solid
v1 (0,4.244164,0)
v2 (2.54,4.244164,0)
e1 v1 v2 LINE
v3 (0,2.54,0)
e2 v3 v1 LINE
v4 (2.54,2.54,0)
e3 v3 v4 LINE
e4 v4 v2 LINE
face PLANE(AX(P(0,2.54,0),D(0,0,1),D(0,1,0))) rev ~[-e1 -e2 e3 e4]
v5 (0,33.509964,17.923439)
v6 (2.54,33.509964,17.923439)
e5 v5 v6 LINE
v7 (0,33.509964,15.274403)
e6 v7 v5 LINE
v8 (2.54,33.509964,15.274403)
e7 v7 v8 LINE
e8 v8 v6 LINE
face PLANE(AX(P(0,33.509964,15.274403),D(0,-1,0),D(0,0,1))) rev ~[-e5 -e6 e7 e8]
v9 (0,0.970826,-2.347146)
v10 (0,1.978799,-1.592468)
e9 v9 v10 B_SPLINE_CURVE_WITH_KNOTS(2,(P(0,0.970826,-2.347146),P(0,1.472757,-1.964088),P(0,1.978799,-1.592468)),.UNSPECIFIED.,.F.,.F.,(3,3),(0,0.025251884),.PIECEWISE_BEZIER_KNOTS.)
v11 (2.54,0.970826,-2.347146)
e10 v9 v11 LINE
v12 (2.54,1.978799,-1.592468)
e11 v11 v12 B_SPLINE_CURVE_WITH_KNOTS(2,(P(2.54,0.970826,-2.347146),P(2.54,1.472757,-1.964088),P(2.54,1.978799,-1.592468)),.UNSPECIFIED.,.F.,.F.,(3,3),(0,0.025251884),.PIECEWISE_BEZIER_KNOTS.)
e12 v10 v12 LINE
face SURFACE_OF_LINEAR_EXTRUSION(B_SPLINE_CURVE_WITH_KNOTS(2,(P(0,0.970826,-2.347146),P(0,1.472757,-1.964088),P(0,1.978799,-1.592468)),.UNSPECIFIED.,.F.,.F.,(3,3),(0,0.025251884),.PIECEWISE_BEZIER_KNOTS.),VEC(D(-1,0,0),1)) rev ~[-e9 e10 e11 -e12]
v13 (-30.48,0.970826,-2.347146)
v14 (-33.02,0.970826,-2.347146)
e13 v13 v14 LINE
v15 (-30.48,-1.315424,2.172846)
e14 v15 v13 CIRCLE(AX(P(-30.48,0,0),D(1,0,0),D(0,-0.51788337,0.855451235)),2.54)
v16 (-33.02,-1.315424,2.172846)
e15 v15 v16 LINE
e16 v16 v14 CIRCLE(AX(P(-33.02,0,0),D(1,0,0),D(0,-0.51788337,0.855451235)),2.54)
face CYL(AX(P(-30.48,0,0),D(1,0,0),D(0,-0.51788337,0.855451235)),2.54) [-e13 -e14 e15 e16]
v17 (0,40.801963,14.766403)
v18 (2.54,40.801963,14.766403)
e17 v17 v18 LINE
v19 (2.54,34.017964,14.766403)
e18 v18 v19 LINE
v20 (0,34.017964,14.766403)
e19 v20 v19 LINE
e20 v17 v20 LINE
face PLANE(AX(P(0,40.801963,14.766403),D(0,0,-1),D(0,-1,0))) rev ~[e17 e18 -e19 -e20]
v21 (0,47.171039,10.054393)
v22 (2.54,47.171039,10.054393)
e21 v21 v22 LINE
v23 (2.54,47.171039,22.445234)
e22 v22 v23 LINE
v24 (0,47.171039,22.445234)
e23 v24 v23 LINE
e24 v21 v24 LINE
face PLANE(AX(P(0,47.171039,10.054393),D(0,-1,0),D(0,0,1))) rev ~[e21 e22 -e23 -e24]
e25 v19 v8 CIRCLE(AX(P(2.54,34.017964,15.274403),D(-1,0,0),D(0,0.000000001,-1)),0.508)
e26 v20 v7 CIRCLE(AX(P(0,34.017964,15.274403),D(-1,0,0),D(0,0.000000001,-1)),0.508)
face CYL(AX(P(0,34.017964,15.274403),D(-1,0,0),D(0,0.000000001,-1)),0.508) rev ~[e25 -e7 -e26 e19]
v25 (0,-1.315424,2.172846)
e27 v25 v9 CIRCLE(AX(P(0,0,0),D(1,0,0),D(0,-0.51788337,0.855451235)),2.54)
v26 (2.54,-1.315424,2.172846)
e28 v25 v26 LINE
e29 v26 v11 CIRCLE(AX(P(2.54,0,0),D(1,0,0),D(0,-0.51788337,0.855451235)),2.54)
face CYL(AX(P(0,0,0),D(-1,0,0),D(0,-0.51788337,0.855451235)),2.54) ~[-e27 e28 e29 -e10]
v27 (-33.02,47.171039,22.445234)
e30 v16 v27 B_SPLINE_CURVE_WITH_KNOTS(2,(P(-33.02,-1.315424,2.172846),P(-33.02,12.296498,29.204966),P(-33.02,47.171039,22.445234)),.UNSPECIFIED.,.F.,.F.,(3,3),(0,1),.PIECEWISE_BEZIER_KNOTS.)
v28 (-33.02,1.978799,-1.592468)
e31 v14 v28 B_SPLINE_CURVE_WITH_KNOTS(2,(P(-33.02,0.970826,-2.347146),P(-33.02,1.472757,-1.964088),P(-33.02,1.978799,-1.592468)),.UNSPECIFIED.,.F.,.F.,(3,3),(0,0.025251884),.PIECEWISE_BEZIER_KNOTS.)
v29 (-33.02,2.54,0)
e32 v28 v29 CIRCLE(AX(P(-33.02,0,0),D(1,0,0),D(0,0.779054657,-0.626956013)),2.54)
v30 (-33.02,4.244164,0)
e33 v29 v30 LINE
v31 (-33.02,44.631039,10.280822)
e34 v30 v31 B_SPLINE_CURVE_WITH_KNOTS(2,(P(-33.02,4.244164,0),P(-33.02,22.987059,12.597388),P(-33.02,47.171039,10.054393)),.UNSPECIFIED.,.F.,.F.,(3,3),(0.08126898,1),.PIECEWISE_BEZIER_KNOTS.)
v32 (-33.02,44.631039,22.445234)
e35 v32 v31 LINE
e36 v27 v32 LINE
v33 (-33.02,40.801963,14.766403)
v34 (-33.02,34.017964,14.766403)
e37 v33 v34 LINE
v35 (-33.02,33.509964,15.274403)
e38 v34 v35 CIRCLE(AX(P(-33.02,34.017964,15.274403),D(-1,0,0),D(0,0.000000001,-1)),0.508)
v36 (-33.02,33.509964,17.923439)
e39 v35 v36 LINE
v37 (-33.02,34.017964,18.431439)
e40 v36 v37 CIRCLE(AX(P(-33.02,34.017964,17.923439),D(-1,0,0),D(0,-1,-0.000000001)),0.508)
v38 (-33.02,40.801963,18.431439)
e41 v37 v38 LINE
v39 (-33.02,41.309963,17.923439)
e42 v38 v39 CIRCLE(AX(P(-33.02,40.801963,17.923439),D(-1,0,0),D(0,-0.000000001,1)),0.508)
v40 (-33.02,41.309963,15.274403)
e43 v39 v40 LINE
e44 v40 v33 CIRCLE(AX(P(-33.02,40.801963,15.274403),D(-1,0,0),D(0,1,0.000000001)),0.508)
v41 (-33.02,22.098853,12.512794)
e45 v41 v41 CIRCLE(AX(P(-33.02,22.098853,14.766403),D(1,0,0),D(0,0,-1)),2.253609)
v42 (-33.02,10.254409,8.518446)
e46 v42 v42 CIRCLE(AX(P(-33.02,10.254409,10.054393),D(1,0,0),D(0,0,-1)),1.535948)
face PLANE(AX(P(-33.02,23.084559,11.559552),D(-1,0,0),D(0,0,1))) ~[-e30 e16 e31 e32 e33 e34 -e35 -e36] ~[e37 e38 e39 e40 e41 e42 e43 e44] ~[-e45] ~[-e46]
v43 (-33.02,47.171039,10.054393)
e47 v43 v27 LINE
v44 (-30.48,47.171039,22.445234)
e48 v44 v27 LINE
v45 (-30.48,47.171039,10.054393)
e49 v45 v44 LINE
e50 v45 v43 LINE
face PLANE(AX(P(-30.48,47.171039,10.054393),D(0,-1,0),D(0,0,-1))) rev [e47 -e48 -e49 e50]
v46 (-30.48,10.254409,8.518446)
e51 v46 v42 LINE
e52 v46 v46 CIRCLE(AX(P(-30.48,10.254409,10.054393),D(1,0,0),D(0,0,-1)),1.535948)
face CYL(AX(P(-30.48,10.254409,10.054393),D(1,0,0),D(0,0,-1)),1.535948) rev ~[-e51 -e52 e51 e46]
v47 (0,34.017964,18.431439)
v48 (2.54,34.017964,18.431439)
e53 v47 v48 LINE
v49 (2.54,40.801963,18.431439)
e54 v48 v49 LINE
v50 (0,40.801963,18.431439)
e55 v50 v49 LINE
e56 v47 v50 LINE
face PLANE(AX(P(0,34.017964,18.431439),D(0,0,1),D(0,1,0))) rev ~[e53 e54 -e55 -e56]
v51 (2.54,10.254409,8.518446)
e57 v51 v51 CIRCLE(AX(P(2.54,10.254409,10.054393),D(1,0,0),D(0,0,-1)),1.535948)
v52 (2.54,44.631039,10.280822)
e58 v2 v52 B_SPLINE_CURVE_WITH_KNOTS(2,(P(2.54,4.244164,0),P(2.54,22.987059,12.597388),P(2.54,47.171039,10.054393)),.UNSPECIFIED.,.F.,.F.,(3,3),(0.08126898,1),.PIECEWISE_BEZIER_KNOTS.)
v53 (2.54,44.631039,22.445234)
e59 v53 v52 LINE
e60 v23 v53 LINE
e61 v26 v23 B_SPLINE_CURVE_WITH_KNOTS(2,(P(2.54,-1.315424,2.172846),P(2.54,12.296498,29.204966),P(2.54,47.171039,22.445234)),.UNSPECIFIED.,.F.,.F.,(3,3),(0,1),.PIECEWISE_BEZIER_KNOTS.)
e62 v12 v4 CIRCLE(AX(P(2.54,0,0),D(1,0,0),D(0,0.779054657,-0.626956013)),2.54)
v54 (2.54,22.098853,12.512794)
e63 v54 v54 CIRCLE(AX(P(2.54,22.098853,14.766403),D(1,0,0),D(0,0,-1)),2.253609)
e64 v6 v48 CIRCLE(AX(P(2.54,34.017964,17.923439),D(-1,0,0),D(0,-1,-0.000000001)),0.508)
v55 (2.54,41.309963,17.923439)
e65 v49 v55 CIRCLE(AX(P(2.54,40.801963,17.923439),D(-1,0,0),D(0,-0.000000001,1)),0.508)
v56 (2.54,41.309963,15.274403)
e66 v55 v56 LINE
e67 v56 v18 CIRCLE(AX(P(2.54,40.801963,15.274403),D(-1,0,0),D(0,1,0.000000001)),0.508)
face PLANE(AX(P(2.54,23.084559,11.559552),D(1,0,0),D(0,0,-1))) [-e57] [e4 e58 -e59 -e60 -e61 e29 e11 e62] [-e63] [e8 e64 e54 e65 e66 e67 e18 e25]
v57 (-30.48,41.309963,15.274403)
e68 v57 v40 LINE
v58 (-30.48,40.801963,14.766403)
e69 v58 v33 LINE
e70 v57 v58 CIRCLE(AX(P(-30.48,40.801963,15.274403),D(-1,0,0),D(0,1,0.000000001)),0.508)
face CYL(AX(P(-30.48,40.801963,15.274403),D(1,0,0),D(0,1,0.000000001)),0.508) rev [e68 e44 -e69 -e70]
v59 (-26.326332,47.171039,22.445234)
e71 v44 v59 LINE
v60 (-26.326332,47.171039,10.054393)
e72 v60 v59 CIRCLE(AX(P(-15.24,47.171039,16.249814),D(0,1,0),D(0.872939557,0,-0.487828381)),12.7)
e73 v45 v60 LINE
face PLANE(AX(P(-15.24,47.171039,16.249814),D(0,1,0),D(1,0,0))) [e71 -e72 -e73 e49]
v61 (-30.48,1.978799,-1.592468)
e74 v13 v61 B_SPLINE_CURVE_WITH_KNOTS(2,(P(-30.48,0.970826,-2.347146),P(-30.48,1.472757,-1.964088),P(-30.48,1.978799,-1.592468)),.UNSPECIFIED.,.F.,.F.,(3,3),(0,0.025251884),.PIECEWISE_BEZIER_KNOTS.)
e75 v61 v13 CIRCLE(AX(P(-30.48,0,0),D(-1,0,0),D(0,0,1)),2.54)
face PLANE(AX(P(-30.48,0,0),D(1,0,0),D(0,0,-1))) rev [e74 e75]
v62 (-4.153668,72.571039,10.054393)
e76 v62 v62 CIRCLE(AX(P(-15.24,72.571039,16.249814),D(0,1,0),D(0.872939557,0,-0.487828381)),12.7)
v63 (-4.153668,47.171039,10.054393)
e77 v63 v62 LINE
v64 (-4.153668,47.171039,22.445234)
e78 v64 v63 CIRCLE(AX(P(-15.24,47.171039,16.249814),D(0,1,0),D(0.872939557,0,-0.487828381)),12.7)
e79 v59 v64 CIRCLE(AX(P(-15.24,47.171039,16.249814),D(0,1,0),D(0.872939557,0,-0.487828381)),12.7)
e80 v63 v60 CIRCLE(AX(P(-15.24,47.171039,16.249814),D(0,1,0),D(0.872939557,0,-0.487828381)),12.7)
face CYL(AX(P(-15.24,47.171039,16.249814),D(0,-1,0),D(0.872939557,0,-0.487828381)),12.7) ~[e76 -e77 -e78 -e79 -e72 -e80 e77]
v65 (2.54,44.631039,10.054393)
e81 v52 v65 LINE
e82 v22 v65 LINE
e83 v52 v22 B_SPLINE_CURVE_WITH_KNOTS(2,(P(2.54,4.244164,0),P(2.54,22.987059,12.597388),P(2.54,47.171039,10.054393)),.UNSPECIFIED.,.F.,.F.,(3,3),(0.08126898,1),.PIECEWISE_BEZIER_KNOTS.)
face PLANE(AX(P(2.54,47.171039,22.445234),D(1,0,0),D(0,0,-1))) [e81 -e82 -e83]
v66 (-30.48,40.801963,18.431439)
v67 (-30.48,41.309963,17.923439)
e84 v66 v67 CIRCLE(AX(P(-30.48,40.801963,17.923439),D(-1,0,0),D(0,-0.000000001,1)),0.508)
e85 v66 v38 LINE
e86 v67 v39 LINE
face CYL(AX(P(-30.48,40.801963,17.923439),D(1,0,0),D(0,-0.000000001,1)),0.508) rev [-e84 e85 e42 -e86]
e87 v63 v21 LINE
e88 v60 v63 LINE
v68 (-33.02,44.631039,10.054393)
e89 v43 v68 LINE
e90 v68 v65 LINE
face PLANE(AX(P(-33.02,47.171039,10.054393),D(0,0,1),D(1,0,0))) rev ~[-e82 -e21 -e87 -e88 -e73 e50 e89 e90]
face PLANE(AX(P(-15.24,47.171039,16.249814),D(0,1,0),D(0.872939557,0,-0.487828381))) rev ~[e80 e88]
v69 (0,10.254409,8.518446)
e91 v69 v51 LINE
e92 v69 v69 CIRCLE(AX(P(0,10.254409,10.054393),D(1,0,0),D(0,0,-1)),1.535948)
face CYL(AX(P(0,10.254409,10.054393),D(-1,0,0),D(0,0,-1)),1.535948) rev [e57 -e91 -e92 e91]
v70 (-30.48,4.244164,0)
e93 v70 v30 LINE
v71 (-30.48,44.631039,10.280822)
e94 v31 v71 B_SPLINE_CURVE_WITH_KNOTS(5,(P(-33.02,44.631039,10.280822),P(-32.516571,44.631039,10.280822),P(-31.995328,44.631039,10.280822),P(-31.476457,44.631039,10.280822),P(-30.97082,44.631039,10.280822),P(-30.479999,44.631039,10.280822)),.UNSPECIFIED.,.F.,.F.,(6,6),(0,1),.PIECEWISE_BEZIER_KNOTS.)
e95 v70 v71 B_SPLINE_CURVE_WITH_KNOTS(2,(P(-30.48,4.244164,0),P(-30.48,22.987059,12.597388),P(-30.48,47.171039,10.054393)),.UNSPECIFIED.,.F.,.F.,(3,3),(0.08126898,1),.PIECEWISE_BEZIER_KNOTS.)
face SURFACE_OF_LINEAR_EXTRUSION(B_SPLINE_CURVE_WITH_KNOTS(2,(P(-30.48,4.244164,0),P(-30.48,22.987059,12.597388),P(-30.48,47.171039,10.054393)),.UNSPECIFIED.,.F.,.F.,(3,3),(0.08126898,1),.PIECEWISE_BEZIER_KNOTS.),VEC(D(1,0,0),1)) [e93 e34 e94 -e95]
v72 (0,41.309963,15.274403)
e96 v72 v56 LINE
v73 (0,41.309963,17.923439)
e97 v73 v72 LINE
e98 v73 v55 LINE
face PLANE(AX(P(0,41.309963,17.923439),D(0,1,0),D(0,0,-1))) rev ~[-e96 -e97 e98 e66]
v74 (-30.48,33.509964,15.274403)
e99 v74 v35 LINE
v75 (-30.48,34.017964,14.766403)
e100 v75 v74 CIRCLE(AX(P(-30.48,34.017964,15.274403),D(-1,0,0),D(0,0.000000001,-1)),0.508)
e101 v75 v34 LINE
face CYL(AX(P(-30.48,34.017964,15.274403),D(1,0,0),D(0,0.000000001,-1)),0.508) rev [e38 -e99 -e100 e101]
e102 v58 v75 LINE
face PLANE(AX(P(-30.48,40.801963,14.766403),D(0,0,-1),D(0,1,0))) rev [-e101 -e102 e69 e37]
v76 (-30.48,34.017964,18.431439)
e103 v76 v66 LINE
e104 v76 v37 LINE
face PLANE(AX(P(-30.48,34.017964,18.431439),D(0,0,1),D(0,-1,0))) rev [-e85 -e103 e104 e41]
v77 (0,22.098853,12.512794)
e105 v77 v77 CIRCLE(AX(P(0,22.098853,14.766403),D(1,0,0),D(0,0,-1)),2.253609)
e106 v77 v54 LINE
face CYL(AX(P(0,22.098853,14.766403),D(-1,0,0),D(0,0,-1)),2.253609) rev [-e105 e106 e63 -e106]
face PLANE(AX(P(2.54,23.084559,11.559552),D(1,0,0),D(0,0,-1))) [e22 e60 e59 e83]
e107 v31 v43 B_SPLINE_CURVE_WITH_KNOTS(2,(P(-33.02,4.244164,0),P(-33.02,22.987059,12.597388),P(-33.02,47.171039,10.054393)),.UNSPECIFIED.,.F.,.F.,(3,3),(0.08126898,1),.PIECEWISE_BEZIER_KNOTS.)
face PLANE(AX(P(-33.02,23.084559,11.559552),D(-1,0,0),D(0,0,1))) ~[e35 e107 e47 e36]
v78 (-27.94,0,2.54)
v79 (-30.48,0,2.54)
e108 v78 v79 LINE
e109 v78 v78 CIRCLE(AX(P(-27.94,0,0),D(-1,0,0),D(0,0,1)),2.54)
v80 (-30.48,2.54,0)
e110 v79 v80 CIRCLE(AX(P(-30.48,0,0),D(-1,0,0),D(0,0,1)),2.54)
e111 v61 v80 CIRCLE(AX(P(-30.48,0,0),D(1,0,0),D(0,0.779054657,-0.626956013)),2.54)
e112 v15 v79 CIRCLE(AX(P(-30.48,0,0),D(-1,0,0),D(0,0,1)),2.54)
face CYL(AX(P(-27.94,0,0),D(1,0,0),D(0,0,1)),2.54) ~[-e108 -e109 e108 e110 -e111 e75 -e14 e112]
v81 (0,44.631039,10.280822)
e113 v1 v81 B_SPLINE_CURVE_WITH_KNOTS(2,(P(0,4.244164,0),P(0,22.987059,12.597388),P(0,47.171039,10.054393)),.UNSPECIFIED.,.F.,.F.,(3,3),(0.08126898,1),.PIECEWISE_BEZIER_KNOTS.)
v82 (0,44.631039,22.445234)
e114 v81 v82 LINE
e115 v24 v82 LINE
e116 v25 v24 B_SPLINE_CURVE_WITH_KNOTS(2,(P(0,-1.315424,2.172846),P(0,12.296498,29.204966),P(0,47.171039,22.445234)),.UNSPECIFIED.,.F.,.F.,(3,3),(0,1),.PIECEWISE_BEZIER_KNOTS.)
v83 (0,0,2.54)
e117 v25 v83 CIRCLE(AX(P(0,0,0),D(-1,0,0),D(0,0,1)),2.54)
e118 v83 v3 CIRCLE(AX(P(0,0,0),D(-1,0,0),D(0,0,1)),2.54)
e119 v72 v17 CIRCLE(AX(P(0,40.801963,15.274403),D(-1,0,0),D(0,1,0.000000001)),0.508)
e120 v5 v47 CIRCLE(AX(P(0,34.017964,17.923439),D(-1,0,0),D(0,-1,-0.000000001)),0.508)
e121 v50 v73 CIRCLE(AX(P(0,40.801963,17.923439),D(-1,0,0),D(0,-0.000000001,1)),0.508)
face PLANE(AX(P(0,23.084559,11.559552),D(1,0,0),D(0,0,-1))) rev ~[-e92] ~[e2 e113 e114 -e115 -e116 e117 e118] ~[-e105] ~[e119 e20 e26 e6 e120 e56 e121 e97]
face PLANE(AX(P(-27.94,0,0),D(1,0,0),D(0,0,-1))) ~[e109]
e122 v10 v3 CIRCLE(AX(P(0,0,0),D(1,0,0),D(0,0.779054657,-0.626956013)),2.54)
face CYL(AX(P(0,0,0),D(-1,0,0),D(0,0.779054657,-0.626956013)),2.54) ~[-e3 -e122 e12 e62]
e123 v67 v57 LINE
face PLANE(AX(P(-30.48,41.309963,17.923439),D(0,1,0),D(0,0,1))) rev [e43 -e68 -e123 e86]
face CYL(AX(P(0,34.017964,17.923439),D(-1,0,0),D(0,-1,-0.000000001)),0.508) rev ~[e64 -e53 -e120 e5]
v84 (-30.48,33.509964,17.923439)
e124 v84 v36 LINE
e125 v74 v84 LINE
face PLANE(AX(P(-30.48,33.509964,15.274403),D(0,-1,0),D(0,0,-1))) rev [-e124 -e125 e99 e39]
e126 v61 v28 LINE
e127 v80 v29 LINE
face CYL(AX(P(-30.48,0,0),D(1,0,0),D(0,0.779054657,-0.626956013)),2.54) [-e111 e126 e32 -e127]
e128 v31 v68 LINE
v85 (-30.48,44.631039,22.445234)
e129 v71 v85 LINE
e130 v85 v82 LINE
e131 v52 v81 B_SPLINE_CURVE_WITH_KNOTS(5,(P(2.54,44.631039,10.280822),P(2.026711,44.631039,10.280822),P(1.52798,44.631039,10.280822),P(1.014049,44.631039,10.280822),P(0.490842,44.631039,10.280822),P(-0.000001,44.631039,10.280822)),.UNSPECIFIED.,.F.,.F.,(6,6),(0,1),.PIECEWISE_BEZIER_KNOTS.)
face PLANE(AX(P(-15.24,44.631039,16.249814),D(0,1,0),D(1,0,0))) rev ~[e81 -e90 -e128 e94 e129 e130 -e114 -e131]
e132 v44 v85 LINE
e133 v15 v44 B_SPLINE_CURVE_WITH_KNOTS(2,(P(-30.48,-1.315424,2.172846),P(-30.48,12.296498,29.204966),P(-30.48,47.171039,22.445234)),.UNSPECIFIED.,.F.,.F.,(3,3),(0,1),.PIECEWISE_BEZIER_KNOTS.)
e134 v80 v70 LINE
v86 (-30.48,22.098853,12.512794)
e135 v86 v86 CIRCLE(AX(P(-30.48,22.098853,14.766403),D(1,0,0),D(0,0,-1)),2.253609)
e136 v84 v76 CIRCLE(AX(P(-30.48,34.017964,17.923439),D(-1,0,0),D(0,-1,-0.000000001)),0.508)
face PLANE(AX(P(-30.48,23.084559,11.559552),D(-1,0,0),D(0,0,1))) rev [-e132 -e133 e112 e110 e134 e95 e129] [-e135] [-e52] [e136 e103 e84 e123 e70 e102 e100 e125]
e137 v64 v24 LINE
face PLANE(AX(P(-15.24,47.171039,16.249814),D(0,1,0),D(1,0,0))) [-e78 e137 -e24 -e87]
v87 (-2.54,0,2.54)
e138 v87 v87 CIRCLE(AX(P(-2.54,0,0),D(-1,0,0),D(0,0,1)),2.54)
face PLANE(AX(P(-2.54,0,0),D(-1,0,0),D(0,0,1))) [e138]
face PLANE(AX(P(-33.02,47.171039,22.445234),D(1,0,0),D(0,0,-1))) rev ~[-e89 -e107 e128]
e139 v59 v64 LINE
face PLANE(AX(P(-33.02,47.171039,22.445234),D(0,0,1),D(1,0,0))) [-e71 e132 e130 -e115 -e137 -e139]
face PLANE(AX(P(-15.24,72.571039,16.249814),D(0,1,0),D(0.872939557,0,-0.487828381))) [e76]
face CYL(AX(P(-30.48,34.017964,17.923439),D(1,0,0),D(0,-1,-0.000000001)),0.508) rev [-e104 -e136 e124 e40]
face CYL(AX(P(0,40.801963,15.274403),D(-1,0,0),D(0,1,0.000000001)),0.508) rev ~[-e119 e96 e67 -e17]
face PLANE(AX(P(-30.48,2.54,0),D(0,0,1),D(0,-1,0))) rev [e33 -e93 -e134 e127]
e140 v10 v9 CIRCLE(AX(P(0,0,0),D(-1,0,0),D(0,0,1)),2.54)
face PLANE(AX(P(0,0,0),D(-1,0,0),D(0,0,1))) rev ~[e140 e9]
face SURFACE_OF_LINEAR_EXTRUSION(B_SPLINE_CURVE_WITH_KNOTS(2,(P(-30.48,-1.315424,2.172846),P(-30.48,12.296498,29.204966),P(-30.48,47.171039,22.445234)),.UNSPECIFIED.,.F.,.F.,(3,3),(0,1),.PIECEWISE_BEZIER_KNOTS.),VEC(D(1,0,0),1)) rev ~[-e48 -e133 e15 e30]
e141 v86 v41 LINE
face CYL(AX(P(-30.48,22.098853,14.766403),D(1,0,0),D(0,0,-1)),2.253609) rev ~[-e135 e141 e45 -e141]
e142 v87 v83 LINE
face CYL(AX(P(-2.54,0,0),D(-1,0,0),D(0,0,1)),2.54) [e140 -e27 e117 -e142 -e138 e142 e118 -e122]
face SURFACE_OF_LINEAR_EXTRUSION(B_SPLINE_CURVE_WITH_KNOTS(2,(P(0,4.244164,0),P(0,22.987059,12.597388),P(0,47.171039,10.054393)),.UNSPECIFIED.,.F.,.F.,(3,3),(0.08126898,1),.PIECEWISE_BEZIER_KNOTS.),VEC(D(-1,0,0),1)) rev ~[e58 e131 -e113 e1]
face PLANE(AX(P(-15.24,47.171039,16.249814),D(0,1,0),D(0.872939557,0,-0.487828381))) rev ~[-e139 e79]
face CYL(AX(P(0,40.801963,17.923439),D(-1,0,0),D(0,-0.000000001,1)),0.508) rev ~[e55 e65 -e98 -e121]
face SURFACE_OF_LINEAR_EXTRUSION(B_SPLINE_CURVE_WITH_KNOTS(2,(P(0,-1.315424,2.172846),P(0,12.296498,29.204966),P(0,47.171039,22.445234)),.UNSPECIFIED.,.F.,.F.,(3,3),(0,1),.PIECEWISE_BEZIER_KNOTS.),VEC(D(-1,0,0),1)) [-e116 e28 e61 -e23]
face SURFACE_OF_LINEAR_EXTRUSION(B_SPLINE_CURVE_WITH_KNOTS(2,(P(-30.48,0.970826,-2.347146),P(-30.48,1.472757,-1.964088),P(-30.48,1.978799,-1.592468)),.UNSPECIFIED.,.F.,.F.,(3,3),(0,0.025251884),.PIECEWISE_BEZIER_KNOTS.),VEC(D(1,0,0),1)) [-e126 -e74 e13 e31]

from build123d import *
from build123d.topology import SkipClean

# Parameters (mm, degrees)
SKETCH1_R           = 2.253608868
SKETCH1_R_2         = 1.535947569
BOSS_EXTRUDE1_DEPTH = 2.54
BOSS_EXTRUDE2_START = 2.54
SKETCH2_R           = 2.54
BOSS_EXTRUDE2_DEPTH = 2.54
SKETCH3_W           = 35.56
SKETCH3_H           = 12.390840881
BOSS_EXTRUDE3_DEPTH = 2.54
SKETCH4_R           = 12.7
BOSS_EXTRUDE4_DEPTH = 25.4


with BuildPart() as part:
    # Sketch1 → Boss-Extrude1 (new body)
    with BuildSketch(Plane(origin=(0, 0, 0), x_dir=(0, 0, -1), z_dir=(1, 0, 0))):
        with BuildLine():
            ThreePointArc((1.592468268, 1.978798831), (0.844230706, 2.395594815), (0, 2.54))
            Line((0, 2.54), (0, 4.244163865))
            add(Edge.make_bspline(
                [(0, 4.244163865), (-12.597388044, 22.987058756), (-10.054393134, 47.171038997)],
                knots=[0.08126898, 0.08126898, 0.08126898, 1, 1, 1], degree=2))
            Line((-10.054393134, 47.171038997), (-22.445234015, 47.171038997))
            add(Edge.make_bspline(
                [(-2.172846137, -1.315423759), (-29.204965898, 12.296498459), (-22.445234015, 47.171038997)],
                knots=[0, 0, 0, 1, 1, 1], degree=2))
            ThreePointArc((-2.172846137, -1.315423759), (1.146442405, -2.266554613), (2.347146338, 0.970826488))
            add(Edge.make_bspline(
                [(2.347146338, 0.970826488), (1.964088335, 1.472757402), (1.592468268, 1.978798831)],
                knots=[0, 0, 0, 0.025251884, 0.025251884, 0.025251884], degree=2))
        make_face()
        with Locations((-14.766403047, 22.09885284)):
            Circle(SKETCH1_R, mode=Mode.SUBTRACT)
        with Locations((-10.054393134, 10.254408813)):
            Circle(SKETCH1_R_2, mode=Mode.SUBTRACT)
        with BuildLine():
            ThreePointArc((-18.431438628, 40.801963274), (-18.282648873, 41.161173519), (-17.923438628, 41.309963274))
            Line((-17.923438628, 41.309963274), (-15.274403047, 41.309963274))
            ThreePointArc((-15.274403047, 41.309963274), (-14.915192802, 41.161173519), (-14.766403047, 40.801963274))
            Line((-14.766403047, 40.801963274), (-14.766403047, 34.017963549))
            ThreePointArc((-14.766403047, 34.017963549), (-14.915192802, 33.658753304), (-15.274403047, 33.509963549))
            Line((-15.274403047, 33.509963549), (-17.923438628, 33.509963549))
            ThreePointArc((-17.923438628, 33.509963549), (-18.282648873, 33.658753304), (-18.431438628, 34.017963549))
            Line((-18.431438628, 34.017963549), (-18.431438628, 40.801963274))
        make_face(mode=Mode.SUBTRACT)
    extrude(amount=BOSS_EXTRUDE1_DEPTH)

    # Sketch2 → Boss-Extrude2 (add)
    with SkipClean():  # the faces are left unmerged after this step: merging them gives an invalid solid
        with BuildSketch(Plane.ZY.offset(BOSS_EXTRUDE2_START)):
            Circle(SKETCH2_R)
        extrude(amount=-BOSS_EXTRUDE2_DEPTH)


with BuildPart() as body_2:
    # Mirror2: mirrored copy
    add(part.part.mirror(Plane.ZY.offset(15.24)))


with BuildPart() as part_1:
    with SkipClean():  # the faces are left unmerged after this step: merging them gives an invalid solid
        add(part.part)

        add(body_2.part)  # Boss-Extrude3 merges body 2
        # Sketch3 → Boss-Extrude3 (add)
        with BuildSketch(Plane(origin=(0, 47.171038997, 0), x_dir=(1, 0, 0), z_dir=(0, 1, 0))):
            with Locations((-15.24, -16.249813575)):
                Rectangle(SKETCH3_W, SKETCH3_H)
        extrude(amount=-BOSS_EXTRUDE3_DEPTH)

    # Sketch4 → Boss-Extrude4 (add)
    with SkipClean():  # the faces are left unmerged after this step: merging them gives an invalid solid
        with BuildSketch(Plane(origin=(0, 47.171038997, 0), x_dir=(1, 0, 0), z_dir=(0, 1, 0))):
            with Locations(Location((-15.24, -16.249813574, 0), (0, 0, 29.197947033))):
                Circle(SKETCH4_R)
        extrude(amount=BOSS_EXTRUDE4_DEPTH)


solid = part_1.part
